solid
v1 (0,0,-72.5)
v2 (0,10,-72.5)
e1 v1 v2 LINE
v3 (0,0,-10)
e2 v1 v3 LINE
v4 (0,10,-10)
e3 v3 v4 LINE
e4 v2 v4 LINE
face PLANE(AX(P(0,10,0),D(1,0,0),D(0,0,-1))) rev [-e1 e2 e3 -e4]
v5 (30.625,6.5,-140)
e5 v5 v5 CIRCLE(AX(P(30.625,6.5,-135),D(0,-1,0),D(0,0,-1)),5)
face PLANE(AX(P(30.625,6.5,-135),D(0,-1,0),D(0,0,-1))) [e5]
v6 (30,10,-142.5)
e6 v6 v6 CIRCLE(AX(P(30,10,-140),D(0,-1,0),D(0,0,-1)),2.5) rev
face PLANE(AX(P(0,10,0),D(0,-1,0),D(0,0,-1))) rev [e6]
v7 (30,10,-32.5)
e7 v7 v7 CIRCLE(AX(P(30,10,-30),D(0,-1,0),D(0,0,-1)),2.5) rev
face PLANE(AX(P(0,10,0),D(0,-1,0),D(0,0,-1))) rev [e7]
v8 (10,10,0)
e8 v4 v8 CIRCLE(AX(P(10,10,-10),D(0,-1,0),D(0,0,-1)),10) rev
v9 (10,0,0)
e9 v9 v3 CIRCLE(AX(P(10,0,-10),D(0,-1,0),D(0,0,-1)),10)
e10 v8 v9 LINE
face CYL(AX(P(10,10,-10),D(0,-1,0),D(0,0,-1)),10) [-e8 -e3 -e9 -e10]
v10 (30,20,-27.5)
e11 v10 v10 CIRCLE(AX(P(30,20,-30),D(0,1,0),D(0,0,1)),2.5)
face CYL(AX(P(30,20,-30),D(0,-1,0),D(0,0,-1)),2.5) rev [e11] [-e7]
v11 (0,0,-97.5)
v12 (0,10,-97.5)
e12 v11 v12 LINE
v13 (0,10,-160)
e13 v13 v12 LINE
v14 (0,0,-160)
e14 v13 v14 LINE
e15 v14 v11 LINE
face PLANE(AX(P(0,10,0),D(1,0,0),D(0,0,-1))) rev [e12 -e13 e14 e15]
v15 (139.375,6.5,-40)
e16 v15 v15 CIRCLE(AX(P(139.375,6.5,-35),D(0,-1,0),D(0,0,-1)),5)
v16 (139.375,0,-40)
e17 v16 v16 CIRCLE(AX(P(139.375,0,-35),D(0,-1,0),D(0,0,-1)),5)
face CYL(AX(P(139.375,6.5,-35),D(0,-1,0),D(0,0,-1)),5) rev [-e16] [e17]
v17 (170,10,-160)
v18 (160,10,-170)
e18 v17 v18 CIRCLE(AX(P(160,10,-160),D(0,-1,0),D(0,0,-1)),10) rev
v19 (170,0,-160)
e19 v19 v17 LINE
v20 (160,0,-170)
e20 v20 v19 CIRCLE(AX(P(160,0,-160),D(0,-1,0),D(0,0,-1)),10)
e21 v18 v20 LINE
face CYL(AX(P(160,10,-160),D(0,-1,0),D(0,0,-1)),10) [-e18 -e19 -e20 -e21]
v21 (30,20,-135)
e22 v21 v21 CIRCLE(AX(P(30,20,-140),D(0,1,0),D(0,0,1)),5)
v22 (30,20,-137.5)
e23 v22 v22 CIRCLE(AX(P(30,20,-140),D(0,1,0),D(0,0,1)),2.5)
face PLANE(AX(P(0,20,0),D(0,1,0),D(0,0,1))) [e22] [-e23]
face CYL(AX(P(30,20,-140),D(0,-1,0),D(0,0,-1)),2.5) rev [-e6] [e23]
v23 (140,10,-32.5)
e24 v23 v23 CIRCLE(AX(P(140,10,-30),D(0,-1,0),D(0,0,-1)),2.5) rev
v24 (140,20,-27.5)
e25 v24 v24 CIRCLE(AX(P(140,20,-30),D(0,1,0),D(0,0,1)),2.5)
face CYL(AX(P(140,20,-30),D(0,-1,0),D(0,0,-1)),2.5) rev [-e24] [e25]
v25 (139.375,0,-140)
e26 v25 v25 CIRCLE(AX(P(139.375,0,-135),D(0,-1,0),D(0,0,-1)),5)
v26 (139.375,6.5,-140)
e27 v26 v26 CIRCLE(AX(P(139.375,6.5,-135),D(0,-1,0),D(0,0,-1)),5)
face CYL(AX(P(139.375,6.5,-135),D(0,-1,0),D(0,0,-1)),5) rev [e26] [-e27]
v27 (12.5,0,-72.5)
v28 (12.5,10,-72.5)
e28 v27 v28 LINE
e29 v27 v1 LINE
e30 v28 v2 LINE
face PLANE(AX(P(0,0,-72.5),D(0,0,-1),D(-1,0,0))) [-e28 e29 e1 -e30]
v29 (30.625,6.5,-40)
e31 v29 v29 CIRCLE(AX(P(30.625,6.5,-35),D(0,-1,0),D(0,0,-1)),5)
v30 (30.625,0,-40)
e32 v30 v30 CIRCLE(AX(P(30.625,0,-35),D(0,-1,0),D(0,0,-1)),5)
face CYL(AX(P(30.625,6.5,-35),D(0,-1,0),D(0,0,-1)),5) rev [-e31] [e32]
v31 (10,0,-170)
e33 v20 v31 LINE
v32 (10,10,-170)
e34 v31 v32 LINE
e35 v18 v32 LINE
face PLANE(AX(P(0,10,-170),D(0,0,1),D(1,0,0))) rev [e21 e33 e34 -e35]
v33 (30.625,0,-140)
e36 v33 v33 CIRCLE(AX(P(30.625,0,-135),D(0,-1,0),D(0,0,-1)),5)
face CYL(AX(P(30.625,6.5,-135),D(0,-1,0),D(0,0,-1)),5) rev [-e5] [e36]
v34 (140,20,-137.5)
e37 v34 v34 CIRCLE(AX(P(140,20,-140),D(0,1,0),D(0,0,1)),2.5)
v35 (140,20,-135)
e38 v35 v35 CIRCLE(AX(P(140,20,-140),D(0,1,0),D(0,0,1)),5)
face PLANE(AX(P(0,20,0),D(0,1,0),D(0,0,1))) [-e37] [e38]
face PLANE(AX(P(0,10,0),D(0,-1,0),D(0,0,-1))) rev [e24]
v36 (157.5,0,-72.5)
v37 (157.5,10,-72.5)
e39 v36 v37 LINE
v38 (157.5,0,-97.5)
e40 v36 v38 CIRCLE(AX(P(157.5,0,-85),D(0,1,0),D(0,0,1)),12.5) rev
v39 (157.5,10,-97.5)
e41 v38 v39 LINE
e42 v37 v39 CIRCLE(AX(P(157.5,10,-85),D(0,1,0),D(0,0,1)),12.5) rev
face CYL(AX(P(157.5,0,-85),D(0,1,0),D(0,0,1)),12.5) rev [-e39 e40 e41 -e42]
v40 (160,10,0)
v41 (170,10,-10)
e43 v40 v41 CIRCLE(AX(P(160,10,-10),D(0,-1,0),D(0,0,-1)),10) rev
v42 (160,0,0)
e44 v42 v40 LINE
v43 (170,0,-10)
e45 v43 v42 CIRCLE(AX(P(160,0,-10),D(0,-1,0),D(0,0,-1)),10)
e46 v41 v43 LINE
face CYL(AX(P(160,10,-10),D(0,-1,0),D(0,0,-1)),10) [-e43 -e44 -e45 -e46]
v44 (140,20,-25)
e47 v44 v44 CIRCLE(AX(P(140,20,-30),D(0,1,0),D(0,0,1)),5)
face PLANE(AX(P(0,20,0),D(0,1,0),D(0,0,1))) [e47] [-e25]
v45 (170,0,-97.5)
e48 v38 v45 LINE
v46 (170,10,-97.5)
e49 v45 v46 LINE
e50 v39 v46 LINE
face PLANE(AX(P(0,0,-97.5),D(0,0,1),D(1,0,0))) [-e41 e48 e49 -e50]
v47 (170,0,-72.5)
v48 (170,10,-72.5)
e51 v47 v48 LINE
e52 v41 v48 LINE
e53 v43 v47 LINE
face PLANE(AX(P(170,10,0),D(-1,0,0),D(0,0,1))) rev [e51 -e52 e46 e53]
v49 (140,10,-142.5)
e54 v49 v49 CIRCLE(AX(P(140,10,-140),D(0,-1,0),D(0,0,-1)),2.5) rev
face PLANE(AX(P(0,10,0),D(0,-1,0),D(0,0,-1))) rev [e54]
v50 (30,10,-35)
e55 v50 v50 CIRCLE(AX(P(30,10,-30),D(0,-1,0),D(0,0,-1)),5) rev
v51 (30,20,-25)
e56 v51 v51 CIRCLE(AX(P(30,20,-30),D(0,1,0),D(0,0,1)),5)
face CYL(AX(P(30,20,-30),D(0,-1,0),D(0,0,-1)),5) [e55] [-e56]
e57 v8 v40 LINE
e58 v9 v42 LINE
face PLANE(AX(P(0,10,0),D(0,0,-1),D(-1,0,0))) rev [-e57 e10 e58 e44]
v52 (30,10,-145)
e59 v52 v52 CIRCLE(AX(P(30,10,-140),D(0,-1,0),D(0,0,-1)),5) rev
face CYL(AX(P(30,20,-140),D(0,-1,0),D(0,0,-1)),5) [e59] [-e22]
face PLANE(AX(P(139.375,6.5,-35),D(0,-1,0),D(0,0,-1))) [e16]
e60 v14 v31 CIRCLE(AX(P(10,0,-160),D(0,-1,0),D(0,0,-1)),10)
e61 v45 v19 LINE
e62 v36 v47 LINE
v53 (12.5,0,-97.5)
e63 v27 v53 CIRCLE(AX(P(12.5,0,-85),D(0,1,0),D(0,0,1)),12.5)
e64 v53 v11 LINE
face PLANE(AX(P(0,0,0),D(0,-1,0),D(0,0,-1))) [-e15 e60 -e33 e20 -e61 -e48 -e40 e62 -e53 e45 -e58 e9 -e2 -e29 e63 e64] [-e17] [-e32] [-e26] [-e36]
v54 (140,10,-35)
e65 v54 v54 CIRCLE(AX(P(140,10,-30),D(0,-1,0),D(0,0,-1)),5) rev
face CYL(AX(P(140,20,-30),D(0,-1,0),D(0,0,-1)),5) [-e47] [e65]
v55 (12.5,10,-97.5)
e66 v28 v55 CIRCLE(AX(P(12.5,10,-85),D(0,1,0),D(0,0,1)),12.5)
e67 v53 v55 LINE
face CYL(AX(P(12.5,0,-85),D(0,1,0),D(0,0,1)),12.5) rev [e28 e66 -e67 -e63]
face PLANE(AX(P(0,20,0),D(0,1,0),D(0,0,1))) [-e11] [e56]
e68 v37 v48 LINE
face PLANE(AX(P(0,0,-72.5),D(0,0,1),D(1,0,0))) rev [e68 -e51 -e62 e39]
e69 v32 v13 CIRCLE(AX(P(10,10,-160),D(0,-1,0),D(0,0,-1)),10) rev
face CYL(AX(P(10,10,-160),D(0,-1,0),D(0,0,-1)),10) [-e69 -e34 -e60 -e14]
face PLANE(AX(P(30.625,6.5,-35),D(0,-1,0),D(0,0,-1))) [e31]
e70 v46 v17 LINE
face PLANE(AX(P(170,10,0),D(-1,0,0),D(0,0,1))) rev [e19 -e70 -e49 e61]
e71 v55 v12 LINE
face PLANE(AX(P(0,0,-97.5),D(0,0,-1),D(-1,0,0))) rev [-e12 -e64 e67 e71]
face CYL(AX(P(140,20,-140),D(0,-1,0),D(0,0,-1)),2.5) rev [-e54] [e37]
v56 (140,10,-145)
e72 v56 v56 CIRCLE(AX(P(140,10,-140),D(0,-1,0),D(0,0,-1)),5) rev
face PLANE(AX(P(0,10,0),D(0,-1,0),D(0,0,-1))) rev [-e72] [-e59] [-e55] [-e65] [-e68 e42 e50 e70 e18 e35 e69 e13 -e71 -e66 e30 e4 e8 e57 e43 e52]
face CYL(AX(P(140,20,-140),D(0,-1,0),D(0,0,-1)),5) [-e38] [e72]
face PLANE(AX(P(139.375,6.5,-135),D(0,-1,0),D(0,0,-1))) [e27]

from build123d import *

# Parameters (mm, degrees)
SKETCH2_W           = 170
SKETCH2_H           = 170
BOSS_EXTRUDE1_DEPTH = 10
SKETCH1_R           = 5
SKETCH1_R_2         = 2.5
BOSS_EXTRUDE2_DEPTH = 20
FILLET1_R           = 10
SKETCH3_R           = 5
CUT_EXTRUDE1_DEPTH  = 6.5
CUT_EXTRUDE2_DEPTH  = 11


with BuildPart() as part:
    # Sketch2 → Boss-Extrude1 (new body)
    with BuildSketch(Plane(origin=(0, 0, 0), x_dir=(1, 0, 0), z_dir=(0, 1, 0))):
        with Locations((85, 85)):
            Rectangle(SKETCH2_W, SKETCH2_H)
    extrude(amount=BOSS_EXTRUDE1_DEPTH)

    # Sketch1 → Boss-Extrude2 (add)
    with BuildSketch(Plane(origin=(0, 0, 0), x_dir=(1, 0, 0), z_dir=(0, 1, 0))):
        with Locations((30, 30)):
            Circle(SKETCH1_R)
        with Locations((30, 30)):
            Circle(SKETCH1_R_2, mode=Mode.SUBTRACT)
        with Locations((140, 30)):
            Circle(SKETCH1_R)
        with Locations((140, 30)):
            Circle(SKETCH1_R_2, mode=Mode.SUBTRACT)
        with Locations((30, 140)):
            Circle(SKETCH1_R)
        with Locations((30, 140)):
            Circle(SKETCH1_R_2, mode=Mode.SUBTRACT)
        with Locations((140, 140)):
            Circle(SKETCH1_R)
        with Locations((140, 140)):
            Circle(SKETCH1_R_2, mode=Mode.SUBTRACT)
    extrude(amount=BOSS_EXTRUDE2_DEPTH)

    # Fillet1
    fillet1_edges = [part.edges().sort_by_distance(p)[0] for p in [
        (0, 5, -170),
        (170, 5, -170),
        (170, 5, 0),
        (0, 5, 0),
    ]]
    fillet(fillet1_edges, radius=FILLET1_R)

    # Sketch3 → Cut-Extrude1 (cut)
    with BuildSketch(Plane(origin=(0, 0, 0), x_dir=(-1, 0, 0), z_dir=(0, -1, 0))):
        with Locations((-30.625, 135)):
            Circle(SKETCH3_R)
        with Locations((-139.375, 135)):
            Circle(SKETCH3_R)
        with Locations((-139.375, 35)):
            Circle(SKETCH3_R)
        with Locations((-30.625, 35)):
            Circle(SKETCH3_R)
    extrude(amount=-CUT_EXTRUDE1_DEPTH, mode=Mode.SUBTRACT)

    # Sketch4 → Cut-Extrude2 (cut, through all)
    with BuildSketch(Plane(origin=(0, 10, 0), x_dir=(1, 0, 0), z_dir=(0, 1, 0))):
        with BuildLine():
            ThreePointArc((25, 85), (21.338834765, 93.838834765), (12.5, 97.5))
            Line((12.5, 97.5), (0, 97.5))
            Line((0, 97.5), (0, 72.5))
            Line((0, 72.5), (12.5, 72.5))
            ThreePointArc((12.5, 72.5), (21.338834765, 76.161165235), (25, 85))
        make_face()
        with BuildLine():
            ThreePointArc((157.5, 97.5), (145, 85), (157.5, 72.5))
            Line((157.5, 72.5), (170, 72.5))
            Line((170, 72.5), (170, 97.5))
            Line((170, 97.5), (157.5, 97.5))
        make_face()
    extrude(amount=-CUT_EXTRUDE2_DEPTH, mode=Mode.SUBTRACT)


solid = part.part
